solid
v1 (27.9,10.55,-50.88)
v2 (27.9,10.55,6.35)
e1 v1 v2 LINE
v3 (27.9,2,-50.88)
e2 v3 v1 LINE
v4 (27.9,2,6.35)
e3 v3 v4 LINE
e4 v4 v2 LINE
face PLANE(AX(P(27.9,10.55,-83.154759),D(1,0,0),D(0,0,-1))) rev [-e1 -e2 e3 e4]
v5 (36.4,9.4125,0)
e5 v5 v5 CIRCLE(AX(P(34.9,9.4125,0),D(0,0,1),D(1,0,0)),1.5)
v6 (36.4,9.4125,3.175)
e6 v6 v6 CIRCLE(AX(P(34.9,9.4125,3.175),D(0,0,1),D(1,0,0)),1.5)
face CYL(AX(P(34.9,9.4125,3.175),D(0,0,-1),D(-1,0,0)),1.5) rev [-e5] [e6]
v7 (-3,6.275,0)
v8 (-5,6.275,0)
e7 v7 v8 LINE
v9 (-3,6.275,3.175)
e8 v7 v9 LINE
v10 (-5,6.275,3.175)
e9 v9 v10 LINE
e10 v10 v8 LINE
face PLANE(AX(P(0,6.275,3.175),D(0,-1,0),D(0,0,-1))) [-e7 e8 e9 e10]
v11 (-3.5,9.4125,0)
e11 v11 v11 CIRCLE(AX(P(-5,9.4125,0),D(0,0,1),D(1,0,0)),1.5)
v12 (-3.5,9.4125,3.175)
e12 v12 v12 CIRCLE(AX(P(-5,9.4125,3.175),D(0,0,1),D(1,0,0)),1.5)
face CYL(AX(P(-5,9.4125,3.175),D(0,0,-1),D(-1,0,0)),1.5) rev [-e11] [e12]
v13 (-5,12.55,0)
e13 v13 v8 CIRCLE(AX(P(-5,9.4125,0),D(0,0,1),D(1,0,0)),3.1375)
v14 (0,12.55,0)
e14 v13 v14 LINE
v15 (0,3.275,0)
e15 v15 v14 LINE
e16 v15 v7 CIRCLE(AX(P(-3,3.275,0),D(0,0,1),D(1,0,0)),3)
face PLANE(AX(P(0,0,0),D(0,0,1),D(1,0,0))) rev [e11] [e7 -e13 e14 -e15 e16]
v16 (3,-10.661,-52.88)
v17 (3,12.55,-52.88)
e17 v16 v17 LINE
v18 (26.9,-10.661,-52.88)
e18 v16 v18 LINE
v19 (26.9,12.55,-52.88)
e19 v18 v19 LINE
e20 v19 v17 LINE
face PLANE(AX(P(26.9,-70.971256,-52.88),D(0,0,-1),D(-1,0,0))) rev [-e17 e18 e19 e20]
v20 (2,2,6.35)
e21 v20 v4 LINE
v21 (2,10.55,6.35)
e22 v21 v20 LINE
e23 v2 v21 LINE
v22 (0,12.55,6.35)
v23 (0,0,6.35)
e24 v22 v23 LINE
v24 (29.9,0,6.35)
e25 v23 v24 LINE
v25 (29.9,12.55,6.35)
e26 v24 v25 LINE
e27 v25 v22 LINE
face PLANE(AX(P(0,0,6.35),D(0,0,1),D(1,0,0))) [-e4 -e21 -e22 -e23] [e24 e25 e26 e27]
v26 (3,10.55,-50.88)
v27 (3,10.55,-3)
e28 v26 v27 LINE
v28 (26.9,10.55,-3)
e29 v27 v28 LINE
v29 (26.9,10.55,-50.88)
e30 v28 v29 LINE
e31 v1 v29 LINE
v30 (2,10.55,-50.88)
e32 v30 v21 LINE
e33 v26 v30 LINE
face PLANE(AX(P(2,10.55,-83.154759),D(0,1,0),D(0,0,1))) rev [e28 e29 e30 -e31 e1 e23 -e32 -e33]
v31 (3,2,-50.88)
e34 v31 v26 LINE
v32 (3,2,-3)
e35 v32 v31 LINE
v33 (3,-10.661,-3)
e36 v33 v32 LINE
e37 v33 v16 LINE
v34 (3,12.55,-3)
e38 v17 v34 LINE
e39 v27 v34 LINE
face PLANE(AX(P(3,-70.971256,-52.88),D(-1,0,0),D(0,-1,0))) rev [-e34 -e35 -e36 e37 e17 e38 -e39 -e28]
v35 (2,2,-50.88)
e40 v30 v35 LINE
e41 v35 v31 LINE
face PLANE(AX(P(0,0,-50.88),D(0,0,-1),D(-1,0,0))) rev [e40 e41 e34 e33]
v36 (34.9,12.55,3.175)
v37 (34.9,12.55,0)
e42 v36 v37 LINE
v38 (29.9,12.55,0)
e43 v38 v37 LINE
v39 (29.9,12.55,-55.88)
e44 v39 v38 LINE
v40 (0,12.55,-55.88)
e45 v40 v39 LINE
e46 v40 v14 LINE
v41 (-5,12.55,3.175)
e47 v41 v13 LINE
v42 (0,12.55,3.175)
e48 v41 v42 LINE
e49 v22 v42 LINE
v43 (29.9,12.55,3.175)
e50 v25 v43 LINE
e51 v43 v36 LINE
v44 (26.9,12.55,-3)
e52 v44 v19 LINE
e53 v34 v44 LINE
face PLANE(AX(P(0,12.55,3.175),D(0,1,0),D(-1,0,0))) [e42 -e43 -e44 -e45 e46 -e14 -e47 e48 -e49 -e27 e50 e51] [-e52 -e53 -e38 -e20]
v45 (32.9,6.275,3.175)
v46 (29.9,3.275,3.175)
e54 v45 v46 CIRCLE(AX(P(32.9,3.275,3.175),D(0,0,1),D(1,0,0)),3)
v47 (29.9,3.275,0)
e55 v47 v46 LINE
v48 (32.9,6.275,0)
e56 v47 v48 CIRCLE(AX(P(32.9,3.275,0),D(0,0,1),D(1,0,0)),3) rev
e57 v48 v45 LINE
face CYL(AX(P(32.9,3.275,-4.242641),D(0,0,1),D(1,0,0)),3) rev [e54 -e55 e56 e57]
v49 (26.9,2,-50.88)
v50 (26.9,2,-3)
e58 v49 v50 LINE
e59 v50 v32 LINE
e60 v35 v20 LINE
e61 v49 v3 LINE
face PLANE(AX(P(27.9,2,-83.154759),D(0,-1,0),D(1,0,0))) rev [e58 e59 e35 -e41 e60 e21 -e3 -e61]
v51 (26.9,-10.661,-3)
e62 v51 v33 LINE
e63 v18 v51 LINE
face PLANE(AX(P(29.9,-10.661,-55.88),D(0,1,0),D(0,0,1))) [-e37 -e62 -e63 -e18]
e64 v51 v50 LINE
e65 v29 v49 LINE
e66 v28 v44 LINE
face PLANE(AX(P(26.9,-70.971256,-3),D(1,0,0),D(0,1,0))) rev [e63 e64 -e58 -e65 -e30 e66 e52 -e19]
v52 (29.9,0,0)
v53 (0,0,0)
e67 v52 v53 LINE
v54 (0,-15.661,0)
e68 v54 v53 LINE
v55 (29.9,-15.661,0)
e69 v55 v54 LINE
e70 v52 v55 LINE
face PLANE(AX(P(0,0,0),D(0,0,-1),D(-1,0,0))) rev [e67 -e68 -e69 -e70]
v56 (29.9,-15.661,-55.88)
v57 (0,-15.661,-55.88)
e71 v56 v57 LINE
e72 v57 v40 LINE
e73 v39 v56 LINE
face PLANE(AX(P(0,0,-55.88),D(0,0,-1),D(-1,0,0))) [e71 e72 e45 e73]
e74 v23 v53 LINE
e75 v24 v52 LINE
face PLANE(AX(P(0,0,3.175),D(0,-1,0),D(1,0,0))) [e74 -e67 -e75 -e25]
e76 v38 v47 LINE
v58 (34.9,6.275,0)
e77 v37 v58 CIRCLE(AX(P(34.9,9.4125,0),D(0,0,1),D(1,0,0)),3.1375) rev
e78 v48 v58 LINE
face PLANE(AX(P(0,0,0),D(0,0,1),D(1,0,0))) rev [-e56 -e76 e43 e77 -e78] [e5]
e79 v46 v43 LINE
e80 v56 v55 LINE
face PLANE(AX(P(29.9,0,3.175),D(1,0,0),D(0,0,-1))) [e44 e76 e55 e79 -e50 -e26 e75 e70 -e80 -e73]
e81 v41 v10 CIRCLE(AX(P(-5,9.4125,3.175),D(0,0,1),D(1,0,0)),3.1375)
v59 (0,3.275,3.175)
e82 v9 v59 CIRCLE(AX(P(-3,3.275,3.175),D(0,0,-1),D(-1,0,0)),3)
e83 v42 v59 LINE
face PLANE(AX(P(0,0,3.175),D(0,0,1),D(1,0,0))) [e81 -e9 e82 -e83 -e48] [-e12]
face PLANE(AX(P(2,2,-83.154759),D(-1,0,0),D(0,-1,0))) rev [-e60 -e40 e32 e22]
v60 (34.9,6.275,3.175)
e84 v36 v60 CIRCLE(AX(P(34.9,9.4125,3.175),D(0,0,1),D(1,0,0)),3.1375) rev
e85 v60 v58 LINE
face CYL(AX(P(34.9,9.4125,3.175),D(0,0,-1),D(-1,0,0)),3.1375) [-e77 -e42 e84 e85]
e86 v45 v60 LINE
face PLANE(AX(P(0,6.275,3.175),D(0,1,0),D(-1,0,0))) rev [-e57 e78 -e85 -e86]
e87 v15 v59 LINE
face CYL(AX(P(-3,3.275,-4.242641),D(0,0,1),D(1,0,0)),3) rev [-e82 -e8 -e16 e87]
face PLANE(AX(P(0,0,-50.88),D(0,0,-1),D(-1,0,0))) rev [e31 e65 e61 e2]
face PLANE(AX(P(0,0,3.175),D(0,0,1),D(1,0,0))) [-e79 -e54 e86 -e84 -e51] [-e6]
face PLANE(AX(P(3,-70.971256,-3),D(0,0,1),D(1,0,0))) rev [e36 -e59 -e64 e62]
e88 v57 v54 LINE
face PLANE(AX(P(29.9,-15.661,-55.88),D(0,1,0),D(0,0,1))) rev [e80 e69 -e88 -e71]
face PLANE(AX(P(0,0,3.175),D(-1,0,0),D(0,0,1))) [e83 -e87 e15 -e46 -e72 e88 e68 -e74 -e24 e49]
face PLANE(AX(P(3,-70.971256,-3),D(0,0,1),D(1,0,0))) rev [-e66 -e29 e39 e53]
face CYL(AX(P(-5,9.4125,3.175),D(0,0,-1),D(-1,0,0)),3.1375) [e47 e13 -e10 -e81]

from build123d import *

# Parameters (mm, degrees)
SKETCH1_W           = 29.9
SKETCH1_H           = 12.55
SKETCH1_R           = 1.5
BOSS_EXTRUDE1_DEPTH = 3.175
SKETCH2_W           = 29.9
SKETCH2_H           = 12.55
BOSS_EXTRUDE2_DEPTH = 3.175
BOSS_EXTRUDE3_DEPTH = 55.88
BOSS_EXTRUDE4_DEPTH = 3.175
SKETCH6_W           = 25.9
SKETCH6_H           = 8.55
CUT_EXTRUDE1_DEPTH  = 57.23
SKETCH7_W           = 23.9
SKETCH7_H           = 49.88
CUT_EXTRUDE2_DEPTH  = 23.211


with BuildPart() as part:
    # Sketch1 → Boss-Extrude1 (new body)
    # profile 1 of 3: a face of its own
    with BuildSketch(Plane.XY):
        with Locations((14.95, 6.275)):
            Rectangle(SKETCH1_W, SKETCH1_H)
    # profile 2 of 3: a face of its own
    with BuildSketch(Plane.XY):
        with BuildLine():
            Line((-5, 6.275), (0, 6.275))
            Line((0, 6.275), (0, 12.55))
            Line((0, 12.55), (-5, 12.55))
            ThreePointArc((-5, 12.55), (-8.1375, 9.4125), (-5, 6.275))
        make_face()
        with Locations((-5, 9.4125)):
            Circle(SKETCH1_R, mode=Mode.SUBTRACT)
    # profile 3 of 3: a face of its own
    with BuildSketch(Plane.XY):
        with BuildLine():
            Line((29.9, 12.55), (29.9, 6.275))
            Line((29.9, 6.275), (34.9, 6.275))
            ThreePointArc((34.9, 6.275), (38.0375, 9.4125), (34.9, 12.55))
            Line((34.9, 12.55), (29.9, 12.55))
        make_face()
        with Locations((34.9, 9.4125)):
            Circle(SKETCH1_R, mode=Mode.SUBTRACT)
    extrude(amount=BOSS_EXTRUDE1_DEPTH)

    # Sketch2 → Boss-Extrude2 (add)
    with BuildSketch(Plane.XY.offset(3.175)):
        with Locations((14.95, 6.275)):
            Rectangle(SKETCH2_W, SKETCH2_H)
    extrude(amount=BOSS_EXTRUDE2_DEPTH)

    # Sketch3 → Boss-Extrude3 (add)
    with BuildSketch(Plane(origin=(0, 0, 0), x_dir=(-1, 0, 0), z_dir=(0, 0, -1))):
        Polygon((-29.9, 0), (-29.9, -15.661), (0, -15.661), (0, 12.55), (-29.9, 12.55), align=None)
    extrude(amount=BOSS_EXTRUDE3_DEPTH)

    # Sketch5 → Boss-Extrude4 (add)
    with BuildSketch(Plane.XY.offset(3.175)):
        with BuildLine():
            Line((32.9, 6.275), (29.9, 6.275))
            Line((29.9, 6.275), (29.9, 3.275))
            ThreePointArc((29.9, 3.275), (30.778679656, 5.396320344), (32.9, 6.275))
        make_face()
        with BuildLine():
            Line((0, 6.275), (-3, 6.275))
            ThreePointArc((-3, 6.275), (-0.878679656, 5.396320344), (0, 3.275))
            Line((0, 3.275), (0, 6.275))
        make_face()
    extrude(amount=-BOSS_EXTRUDE4_DEPTH)

    # Sketch6 → Cut-Extrude1 (cut)
    with BuildSketch(Plane.XY.offset(6.35)):
        with Locations((14.95, 6.275)):
            Rectangle(SKETCH6_W, SKETCH6_H)
    extrude(amount=-CUT_EXTRUDE1_DEPTH, mode=Mode.SUBTRACT)

    # Sketch7 → Cut-Extrude2 (cut)
    with BuildSketch(Plane(origin=(0, 12.55, 0), x_dir=(1, 0, 0), z_dir=(0, 1, 0))):
        with Locations((14.95, 27.94)):
            Rectangle(SKETCH7_W, SKETCH7_H)
    extrude(amount=-CUT_EXTRUDE2_DEPTH, mode=Mode.SUBTRACT)


solid = part.part
